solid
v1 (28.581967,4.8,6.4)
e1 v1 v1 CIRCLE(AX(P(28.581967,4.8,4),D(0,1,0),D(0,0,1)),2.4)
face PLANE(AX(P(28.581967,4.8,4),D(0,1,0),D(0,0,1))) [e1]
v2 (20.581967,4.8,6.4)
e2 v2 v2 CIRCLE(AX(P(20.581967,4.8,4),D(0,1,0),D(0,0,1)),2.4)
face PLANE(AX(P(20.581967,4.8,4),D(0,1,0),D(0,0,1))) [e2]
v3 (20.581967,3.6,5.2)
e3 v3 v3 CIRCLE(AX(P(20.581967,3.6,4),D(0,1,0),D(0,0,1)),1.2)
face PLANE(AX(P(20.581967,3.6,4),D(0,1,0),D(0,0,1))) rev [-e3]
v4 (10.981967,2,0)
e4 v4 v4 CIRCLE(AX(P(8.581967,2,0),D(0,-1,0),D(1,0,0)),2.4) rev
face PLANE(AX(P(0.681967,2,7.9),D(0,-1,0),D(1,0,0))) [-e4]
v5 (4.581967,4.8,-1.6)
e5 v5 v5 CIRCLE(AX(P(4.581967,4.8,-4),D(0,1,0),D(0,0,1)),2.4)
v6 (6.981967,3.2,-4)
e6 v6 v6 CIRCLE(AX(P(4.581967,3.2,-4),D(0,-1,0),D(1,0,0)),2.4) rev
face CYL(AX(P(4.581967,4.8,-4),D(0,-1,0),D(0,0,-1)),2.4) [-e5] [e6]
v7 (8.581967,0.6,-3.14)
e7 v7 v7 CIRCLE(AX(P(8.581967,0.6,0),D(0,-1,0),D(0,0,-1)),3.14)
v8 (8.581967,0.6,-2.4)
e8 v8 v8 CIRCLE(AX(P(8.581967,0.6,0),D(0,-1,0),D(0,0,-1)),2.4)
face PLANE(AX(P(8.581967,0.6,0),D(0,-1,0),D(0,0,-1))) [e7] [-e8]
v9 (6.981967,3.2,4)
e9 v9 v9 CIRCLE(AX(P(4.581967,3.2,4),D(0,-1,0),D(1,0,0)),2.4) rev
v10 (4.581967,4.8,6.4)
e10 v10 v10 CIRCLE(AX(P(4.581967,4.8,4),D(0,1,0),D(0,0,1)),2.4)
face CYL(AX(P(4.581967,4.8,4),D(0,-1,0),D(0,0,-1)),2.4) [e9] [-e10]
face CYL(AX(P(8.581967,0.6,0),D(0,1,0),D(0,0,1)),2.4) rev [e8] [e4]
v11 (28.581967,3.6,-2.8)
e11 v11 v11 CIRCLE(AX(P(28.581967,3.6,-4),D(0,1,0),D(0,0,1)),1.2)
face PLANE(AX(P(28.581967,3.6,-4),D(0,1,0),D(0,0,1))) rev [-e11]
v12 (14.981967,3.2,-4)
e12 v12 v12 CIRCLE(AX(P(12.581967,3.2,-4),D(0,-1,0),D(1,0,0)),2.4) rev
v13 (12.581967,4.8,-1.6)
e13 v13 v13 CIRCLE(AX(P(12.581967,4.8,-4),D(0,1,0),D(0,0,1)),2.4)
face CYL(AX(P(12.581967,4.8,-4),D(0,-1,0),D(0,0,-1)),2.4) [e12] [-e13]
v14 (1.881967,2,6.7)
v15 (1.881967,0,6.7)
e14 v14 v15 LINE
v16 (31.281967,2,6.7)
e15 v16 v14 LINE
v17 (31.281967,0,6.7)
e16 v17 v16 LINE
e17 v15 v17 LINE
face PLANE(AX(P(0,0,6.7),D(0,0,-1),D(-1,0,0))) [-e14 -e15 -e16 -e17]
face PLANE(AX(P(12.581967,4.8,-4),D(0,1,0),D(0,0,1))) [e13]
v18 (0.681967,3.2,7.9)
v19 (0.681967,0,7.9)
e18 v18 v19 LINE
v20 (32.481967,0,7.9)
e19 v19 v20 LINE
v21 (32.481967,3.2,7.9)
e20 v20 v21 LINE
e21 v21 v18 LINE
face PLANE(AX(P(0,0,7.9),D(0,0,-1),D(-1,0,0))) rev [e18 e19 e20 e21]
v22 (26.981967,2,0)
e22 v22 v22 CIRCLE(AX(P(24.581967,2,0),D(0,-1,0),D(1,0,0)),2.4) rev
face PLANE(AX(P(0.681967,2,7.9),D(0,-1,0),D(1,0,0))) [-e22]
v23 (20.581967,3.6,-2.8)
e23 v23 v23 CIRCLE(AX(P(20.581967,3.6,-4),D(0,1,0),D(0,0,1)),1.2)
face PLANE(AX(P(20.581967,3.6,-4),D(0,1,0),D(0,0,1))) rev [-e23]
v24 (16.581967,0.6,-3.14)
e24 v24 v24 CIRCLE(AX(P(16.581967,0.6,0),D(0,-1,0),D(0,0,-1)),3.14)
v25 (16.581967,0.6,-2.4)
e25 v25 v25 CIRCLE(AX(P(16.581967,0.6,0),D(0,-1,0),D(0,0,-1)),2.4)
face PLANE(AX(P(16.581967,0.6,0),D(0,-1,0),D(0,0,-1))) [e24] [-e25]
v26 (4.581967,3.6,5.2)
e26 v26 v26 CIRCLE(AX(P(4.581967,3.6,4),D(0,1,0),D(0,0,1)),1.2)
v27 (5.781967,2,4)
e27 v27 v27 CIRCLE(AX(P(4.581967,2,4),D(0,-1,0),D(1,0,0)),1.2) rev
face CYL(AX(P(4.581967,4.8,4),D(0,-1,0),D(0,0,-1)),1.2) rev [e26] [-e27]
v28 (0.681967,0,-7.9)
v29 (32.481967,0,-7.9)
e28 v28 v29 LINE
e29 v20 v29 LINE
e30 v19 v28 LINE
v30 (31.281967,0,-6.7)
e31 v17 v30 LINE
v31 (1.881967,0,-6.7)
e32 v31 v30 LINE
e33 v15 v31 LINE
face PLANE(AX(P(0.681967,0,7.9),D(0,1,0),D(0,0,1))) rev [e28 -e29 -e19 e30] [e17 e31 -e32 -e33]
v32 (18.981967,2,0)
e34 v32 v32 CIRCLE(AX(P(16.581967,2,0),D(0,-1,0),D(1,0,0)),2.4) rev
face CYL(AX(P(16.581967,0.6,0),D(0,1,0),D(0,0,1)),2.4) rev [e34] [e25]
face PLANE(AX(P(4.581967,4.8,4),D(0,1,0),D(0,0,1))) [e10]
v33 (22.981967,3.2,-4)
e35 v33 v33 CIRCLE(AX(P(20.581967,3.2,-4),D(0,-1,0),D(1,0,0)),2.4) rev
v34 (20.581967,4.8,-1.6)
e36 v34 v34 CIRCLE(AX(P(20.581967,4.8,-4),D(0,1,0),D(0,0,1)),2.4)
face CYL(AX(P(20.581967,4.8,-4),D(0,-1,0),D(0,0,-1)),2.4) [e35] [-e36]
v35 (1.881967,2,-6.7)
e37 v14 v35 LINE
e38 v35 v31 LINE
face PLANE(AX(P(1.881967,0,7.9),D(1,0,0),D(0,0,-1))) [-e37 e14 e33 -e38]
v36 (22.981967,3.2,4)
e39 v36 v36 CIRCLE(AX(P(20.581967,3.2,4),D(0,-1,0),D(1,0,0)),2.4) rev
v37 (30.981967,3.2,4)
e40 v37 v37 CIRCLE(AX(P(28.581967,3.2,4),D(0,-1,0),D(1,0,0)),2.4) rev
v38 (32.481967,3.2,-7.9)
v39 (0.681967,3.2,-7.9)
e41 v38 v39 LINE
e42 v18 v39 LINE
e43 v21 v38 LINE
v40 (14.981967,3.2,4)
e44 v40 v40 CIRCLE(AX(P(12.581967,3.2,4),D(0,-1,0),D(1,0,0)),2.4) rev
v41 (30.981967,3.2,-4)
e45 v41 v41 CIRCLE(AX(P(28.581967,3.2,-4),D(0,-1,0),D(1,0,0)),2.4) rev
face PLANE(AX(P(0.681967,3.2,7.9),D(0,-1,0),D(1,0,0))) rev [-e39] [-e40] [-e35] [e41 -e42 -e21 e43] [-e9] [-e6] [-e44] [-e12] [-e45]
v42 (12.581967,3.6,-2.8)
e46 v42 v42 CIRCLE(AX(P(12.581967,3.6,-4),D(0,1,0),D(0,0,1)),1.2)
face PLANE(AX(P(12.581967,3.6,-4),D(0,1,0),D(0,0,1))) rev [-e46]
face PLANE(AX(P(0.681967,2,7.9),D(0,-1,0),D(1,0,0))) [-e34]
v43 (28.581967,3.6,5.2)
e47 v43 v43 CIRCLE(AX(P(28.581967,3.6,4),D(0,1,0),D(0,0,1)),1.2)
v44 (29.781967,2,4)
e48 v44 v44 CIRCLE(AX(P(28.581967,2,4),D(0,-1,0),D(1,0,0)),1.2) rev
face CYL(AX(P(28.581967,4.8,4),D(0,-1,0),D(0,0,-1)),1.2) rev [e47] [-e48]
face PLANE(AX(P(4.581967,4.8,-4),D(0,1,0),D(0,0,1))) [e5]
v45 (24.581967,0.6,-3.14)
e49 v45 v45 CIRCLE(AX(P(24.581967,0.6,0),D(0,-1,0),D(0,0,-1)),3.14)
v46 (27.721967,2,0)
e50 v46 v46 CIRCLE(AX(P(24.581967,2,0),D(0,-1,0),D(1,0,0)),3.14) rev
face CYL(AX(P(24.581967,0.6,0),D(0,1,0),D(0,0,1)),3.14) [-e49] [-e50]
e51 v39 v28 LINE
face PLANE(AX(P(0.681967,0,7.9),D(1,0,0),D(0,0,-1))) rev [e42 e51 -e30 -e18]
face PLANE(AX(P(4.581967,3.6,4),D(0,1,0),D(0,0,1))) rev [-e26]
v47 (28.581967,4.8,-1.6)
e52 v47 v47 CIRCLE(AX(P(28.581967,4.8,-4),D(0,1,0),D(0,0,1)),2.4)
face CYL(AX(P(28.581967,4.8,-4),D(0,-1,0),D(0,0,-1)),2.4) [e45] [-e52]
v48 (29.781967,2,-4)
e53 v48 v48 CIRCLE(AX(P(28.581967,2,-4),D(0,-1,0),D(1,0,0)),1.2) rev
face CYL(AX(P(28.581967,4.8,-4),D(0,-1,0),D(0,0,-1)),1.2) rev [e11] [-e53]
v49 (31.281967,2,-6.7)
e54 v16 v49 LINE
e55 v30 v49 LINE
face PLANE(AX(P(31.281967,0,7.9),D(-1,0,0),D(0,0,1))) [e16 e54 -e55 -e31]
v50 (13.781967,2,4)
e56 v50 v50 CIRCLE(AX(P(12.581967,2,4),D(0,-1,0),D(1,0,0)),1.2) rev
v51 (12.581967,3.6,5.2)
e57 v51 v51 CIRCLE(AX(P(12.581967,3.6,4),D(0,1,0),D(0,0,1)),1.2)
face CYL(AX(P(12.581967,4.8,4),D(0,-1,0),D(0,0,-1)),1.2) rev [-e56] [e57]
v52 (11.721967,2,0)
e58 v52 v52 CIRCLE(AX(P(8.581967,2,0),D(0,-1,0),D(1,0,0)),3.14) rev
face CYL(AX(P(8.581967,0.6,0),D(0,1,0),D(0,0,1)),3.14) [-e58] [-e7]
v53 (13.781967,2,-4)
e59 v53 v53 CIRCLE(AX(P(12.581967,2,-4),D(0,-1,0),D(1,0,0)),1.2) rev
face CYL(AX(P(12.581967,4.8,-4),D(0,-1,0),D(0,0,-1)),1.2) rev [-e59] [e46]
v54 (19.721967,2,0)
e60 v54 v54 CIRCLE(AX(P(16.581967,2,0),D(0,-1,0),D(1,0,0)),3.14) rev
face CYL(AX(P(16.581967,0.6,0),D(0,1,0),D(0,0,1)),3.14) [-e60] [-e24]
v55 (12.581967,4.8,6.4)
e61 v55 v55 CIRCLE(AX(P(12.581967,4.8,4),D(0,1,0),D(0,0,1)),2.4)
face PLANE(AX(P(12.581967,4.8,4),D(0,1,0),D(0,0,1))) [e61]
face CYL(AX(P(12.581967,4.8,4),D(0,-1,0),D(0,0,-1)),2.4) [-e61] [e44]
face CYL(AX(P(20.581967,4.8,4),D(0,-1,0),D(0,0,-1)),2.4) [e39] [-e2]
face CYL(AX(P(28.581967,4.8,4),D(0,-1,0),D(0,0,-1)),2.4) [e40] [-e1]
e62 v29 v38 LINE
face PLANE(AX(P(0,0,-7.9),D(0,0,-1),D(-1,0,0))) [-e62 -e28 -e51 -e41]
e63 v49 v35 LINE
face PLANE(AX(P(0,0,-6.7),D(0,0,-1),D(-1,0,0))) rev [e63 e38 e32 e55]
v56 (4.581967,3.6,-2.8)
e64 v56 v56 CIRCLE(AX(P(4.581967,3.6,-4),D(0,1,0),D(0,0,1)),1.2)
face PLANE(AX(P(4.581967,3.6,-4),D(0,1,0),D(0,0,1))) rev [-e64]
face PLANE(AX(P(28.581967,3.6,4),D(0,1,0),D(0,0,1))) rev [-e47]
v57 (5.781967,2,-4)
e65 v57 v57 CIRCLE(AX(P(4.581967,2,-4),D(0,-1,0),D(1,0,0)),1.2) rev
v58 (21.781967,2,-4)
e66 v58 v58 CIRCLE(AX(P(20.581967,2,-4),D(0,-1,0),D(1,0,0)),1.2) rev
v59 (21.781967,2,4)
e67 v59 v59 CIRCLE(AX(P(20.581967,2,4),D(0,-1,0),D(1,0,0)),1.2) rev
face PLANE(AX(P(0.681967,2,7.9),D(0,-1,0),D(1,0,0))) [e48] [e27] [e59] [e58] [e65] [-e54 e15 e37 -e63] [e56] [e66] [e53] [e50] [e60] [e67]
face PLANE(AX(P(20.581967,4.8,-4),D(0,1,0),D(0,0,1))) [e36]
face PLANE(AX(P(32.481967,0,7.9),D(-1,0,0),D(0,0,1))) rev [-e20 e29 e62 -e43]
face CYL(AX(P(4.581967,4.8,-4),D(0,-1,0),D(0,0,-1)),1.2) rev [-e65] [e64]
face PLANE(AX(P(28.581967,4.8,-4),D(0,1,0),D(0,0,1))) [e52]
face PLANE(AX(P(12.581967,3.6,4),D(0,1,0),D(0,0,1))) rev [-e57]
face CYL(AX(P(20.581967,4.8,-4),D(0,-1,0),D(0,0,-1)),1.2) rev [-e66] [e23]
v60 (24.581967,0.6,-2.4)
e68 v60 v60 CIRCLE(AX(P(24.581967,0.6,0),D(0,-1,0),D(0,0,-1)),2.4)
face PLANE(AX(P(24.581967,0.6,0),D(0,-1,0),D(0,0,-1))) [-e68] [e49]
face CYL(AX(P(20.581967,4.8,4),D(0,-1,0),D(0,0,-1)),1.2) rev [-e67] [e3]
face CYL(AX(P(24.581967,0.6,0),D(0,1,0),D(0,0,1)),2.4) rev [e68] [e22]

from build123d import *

# Parameters (mm, degrees)
MAINBASESKETCH_W             = 31.8
MAINBASESKETCH_H             = 3.2
MAINBASEEXTRUDE_DEPTH        = 7.9
STUDSSKETCH_R                = 2.4
STUDSEXTRUDE_DEPTH           = 1.6
STUDSPATTERN_COUNT           = 2
STUDSPATTERN_PITCH           = 8
STUDSPATTERN_COUNT_DIR2      = 4
STUDSPATTERN_PITCH_DIR2      = 8
MAINBASESHELL_T              = -1.2
UNDERSIDECIRCLEEXT_START     = -0.2
UNDERSIDECIRCLESKETCH_R      = 3.14
UNDERSIDECIRCLESKETCH_R_2    = 2.4
UNDERSIDECIRCLEEXT_DEPTH     = 1.6
UNDERSIDECIRCLEPATTERN_COUNT = 3
UNDERSIDECIRCLEPATTERN_PITCH = 8


with BuildPart() as part:
    # MainBaseSketch → MainBaseExtrude (new, symmetric)
    with BuildSketch(Plane.XY):
        with Locations((16.581967213, 1.6)):
            Rectangle(MAINBASESKETCH_W, MAINBASESKETCH_H)
    extrude(amount=MAINBASEEXTRUDE_DEPTH, both=True)

    # StudsSketch → StudsExtrude (add)
    with BuildSketch(Plane(origin=(0, 3.2, 0), x_dir=(1, 0, 0), z_dir=(0, 1, 0))):
        with Locations((4.581967213, 4)):
            Circle(STUDSSKETCH_R)
    studsextrude = extrude(amount=STUDSEXTRUDE_DEPTH)

    # StudsPattern: StudsExtrude 2 × 4
    with Locations(*[(j * STUDSPATTERN_PITCH_DIR2, 0, i * STUDSPATTERN_PITCH) for i in range(STUDSPATTERN_COUNT) for j in range(STUDSPATTERN_COUNT_DIR2) if (i, j) != (0, 0)]):
        add(studsextrude)

    # MainBaseShell
    mainbaseshell_openings = [part.faces().sort_by_distance(p)[0] for p in [
        (16.581967213, 0, 0),
    ]]
    offset(amount=MAINBASESHELL_T, openings=mainbaseshell_openings, kind=Kind.INTERSECTION)

    # UnderSideCircleSketch → UnderSideCircleExt (add)
    with BuildSketch(Plane.XZ.offset(-2).offset(UNDERSIDECIRCLEEXT_START)):
        with Locations((8.581967213, 0)):
            Circle(UNDERSIDECIRCLESKETCH_R)
        with Locations((8.581967213, 0)):
            Circle(UNDERSIDECIRCLESKETCH_R_2, mode=Mode.SUBTRACT)
    undersidecircleext = extrude(amount=UNDERSIDECIRCLEEXT_DEPTH)

    # UnderSideCirclePattern: UnderSideCircleExt ×3
    with Locations(*[(i * UNDERSIDECIRCLEPATTERN_PITCH, 0, 0) for i in range(1, UNDERSIDECIRCLEPATTERN_COUNT)]):
        add(undersidecircleext)


solid = part.part
